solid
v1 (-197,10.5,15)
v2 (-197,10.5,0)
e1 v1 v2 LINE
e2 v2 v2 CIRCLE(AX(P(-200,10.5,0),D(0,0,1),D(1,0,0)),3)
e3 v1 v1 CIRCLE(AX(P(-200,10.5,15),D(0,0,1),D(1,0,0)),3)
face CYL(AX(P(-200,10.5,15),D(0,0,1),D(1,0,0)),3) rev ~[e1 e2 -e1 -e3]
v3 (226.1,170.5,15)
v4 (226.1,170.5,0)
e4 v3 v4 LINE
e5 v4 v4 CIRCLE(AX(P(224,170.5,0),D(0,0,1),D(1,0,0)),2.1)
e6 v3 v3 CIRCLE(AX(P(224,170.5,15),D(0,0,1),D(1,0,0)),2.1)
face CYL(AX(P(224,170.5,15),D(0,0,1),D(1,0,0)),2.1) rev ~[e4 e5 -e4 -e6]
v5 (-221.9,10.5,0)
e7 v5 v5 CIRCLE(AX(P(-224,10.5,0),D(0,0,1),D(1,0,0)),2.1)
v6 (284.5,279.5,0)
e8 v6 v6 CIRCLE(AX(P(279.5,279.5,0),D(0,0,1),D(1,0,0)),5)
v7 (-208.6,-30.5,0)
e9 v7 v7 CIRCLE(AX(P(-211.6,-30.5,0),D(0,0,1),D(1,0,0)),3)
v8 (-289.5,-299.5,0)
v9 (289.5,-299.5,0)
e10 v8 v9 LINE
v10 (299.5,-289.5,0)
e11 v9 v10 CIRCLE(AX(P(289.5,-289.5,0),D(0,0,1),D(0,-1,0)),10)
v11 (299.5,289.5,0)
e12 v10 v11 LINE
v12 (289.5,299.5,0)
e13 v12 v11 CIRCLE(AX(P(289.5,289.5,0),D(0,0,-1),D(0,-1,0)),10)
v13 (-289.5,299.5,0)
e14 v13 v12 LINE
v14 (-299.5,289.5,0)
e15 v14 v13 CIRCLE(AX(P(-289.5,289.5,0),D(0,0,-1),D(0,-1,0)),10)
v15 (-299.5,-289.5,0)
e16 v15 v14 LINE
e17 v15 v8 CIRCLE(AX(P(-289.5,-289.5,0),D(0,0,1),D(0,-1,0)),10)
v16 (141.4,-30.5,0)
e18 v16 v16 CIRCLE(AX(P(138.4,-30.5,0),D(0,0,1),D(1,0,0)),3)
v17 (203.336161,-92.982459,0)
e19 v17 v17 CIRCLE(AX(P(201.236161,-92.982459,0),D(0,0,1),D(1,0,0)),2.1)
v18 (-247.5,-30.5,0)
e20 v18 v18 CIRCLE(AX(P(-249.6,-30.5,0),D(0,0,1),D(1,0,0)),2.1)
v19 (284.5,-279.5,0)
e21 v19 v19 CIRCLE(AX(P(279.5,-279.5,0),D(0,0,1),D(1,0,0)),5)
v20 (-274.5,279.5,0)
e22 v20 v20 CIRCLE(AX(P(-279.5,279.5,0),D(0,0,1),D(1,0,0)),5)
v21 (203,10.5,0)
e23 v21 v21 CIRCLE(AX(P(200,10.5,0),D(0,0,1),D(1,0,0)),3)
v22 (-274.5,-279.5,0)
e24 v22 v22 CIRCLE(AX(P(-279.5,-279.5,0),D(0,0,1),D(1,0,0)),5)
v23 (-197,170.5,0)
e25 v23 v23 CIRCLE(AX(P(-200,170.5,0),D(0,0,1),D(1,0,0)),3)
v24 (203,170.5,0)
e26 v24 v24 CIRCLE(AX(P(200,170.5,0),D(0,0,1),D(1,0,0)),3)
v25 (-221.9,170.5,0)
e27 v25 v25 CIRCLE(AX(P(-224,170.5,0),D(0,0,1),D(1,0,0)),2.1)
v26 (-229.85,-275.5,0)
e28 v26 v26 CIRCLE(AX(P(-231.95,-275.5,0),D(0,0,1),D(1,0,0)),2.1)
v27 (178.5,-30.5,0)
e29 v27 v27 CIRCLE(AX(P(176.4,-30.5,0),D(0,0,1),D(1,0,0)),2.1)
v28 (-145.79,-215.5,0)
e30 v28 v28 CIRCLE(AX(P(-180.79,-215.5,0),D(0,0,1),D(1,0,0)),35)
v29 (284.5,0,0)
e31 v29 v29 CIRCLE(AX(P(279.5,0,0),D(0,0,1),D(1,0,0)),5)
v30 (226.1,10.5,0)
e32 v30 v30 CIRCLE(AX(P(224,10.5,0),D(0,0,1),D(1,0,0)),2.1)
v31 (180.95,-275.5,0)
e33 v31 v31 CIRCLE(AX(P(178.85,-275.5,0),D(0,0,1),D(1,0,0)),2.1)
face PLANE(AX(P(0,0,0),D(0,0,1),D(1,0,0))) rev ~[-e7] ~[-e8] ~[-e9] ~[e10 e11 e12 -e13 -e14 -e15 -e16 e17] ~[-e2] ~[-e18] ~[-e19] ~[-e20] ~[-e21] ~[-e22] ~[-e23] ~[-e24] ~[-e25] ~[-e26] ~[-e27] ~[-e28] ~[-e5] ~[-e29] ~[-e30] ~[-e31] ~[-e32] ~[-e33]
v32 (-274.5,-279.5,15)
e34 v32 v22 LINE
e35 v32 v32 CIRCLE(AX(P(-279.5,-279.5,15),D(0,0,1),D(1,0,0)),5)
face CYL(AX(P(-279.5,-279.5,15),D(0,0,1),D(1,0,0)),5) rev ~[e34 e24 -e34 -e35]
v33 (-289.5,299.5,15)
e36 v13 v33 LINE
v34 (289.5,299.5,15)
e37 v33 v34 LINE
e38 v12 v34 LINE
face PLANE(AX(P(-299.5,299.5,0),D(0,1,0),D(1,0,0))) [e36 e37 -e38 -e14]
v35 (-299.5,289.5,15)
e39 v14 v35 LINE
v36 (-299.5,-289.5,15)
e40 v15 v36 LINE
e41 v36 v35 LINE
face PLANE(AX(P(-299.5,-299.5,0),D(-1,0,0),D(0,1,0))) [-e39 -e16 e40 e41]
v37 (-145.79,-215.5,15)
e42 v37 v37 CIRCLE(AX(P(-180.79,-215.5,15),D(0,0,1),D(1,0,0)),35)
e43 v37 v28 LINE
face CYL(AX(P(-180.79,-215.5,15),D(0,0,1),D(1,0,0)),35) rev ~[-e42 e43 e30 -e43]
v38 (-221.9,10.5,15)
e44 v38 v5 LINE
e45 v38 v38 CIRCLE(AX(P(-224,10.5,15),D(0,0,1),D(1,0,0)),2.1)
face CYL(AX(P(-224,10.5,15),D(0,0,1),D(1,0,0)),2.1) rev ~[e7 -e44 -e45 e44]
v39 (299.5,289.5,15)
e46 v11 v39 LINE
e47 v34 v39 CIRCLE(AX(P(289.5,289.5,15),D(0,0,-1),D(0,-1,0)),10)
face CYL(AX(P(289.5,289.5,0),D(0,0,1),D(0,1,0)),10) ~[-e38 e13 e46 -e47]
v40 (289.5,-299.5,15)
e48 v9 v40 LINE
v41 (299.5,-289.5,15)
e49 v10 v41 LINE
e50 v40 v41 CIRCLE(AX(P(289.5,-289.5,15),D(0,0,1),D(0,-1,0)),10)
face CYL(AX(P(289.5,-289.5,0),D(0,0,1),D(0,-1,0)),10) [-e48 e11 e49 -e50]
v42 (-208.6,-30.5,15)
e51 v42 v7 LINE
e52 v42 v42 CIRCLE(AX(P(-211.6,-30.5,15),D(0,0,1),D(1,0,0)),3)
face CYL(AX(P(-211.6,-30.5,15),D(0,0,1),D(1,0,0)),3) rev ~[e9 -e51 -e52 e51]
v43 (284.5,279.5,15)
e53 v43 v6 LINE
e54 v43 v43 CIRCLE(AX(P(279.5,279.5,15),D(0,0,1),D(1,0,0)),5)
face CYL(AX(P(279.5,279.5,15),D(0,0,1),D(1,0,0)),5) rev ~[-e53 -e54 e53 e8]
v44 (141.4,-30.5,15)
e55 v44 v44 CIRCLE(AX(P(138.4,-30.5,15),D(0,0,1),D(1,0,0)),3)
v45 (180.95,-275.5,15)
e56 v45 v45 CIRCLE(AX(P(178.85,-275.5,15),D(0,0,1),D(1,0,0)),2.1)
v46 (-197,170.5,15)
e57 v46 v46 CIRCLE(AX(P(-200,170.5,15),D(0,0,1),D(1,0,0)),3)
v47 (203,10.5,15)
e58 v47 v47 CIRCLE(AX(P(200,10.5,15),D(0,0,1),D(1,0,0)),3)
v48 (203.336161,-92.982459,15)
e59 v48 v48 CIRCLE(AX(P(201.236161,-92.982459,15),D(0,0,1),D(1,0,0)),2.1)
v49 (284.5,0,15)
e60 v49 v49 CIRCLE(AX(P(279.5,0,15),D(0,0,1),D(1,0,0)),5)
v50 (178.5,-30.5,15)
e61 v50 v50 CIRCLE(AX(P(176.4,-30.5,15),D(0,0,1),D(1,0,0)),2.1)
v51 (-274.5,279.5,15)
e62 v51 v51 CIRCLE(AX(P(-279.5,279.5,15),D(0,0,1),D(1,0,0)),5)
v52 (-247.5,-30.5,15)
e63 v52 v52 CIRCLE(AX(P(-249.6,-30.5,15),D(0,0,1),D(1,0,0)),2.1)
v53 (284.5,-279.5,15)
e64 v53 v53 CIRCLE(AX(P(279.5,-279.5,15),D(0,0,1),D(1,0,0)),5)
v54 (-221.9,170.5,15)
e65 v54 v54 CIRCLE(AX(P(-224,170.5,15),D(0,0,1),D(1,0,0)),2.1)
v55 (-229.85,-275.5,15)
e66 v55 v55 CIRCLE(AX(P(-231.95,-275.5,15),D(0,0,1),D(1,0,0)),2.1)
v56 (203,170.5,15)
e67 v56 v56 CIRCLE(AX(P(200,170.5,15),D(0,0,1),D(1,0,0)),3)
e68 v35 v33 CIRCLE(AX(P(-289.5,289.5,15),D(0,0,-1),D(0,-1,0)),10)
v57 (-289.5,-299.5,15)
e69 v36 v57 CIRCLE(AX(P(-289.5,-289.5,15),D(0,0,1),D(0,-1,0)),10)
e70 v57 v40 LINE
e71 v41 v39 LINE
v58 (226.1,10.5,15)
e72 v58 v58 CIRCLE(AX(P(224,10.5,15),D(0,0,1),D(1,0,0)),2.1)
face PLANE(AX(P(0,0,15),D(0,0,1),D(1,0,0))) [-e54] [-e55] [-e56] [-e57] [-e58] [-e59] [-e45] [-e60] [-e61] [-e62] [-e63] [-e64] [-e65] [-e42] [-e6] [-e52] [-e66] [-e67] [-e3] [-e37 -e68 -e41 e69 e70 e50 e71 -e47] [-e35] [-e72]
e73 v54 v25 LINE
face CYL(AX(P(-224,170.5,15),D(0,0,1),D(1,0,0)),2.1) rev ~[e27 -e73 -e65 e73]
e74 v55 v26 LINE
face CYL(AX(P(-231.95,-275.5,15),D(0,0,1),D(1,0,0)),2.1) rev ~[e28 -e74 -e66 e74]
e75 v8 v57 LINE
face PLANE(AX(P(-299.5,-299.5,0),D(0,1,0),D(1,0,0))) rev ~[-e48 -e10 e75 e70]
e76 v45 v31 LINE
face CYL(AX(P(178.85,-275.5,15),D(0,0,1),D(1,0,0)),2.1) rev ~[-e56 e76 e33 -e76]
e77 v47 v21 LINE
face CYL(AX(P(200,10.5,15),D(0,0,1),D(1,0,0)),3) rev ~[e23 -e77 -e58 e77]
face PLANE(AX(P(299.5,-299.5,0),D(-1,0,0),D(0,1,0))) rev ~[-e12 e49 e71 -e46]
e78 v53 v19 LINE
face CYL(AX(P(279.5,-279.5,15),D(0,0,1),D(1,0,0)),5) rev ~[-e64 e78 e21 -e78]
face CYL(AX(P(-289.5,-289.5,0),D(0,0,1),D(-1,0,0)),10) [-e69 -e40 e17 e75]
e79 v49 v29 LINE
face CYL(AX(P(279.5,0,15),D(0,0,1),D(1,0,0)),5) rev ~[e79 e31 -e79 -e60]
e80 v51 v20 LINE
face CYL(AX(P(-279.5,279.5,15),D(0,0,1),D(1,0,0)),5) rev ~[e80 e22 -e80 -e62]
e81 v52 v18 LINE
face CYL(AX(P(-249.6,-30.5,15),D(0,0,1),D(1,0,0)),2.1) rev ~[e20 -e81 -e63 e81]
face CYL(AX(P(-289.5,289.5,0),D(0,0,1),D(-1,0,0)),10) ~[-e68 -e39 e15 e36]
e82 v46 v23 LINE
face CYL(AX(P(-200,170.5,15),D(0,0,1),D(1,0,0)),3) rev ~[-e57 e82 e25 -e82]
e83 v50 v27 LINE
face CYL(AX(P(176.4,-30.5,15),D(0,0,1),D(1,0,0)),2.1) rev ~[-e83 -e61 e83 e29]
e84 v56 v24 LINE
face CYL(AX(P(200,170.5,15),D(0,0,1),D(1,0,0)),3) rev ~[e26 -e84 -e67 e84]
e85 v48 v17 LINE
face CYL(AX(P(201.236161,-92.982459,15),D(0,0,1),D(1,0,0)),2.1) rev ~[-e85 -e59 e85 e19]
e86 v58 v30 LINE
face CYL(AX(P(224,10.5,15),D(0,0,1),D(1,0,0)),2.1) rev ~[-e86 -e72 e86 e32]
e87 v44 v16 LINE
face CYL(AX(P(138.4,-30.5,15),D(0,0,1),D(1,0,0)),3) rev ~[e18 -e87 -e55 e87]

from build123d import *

# Parameters (mm, degrees)
SKETCH1_W           = 599
SKETCH1_H           = 599
BOSS_EXTRUDE1_DEPTH = 15
SKETCH2_R           = 5
CUT_EXTRUDE1_DEPTH  = 16
FILLET1_R           = 10
SKETCH3_R           = 35
CUT_EXTRUDE2_DEPTH  = 16
SKETCH4_R           = 3
CUT_EXTRUDE3_DEPTH  = 16
SKETCH5_R           = 2.1
CUT_EXTRUDE4_DEPTH  = 16


with BuildPart() as part:
    # Sketch1 → Boss-Extrude1 (new body)
    with BuildSketch(Plane.XY):
        Rectangle(SKETCH1_W, SKETCH1_H)
    extrude(amount=BOSS_EXTRUDE1_DEPTH)

    # Sketch2 → Cut-Extrude1 (cut, through all)
    with BuildSketch(Plane.XY.offset(15)):
        with Locations((-279.5, -279.5)):
            Circle(SKETCH2_R)
        with Locations((279.5, -279.5)):
            Circle(SKETCH2_R)
        with Locations((-279.5, 279.5)):
            Circle(SKETCH2_R)
        with Locations((279.5, 279.5)):
            Circle(SKETCH2_R)
        with Locations((279.5, 0)):
            Circle(SKETCH2_R)
    extrude(amount=-CUT_EXTRUDE1_DEPTH, mode=Mode.SUBTRACT)

    # Fillet1
    fillet1_edges = [part.edges().sort_by_distance(p)[0] for p in [
        (-299.5, -299.5, 7.5),
        (299.5, -299.5, 7.5),
        (-299.5, 299.5, 7.5),
        (299.5, 299.5, 7.5),
    ]]
    fillet(fillet1_edges, radius=FILLET1_R)

    # Sketch3 → Cut-Extrude2 (cut, through all)
    with BuildSketch(Plane.XY.offset(15)):
        with Locations((-180.79, -215.5)):
            Circle(SKETCH3_R)
    extrude(amount=-CUT_EXTRUDE2_DEPTH, mode=Mode.SUBTRACT)

    # Sketch4 → Cut-Extrude3 (cut, through all)
    with BuildSketch(Plane.XY.offset(15)):
        with Locations((-200, 170.5)):
            Circle(SKETCH4_R)
        with Locations((-200, 10.5)):
            Circle(SKETCH4_R)
        with Locations((200, 170.5)):
            Circle(SKETCH4_R)
        with Locations((200, 10.5)):
            Circle(SKETCH4_R)
        with Locations((138.4, -30.5)):
            Circle(SKETCH4_R)
        with Locations((-211.6, -30.5)):
            Circle(SKETCH4_R)
    extrude(amount=-CUT_EXTRUDE3_DEPTH, mode=Mode.SUBTRACT)

    # Sketch5 → Cut-Extrude4 (cut, through all)
    with BuildSketch(Plane.XY.offset(15)):
        with Locations((-224, 170.5)):
            Circle(SKETCH5_R)
        with Locations((224, 170.5)):
            Circle(SKETCH5_R)
        with Locations((224, 10.5)):
            Circle(SKETCH5_R)
        with Locations((201.236161147, -92.982459034)):
            Circle(SKETCH5_R)
        with Locations((178.85, -275.5)):
            Circle(SKETCH5_R)
        with Locations((-231.95, -275.5)):
            Circle(SKETCH5_R)
        with Locations((-249.6, -30.5)):
            Circle(SKETCH5_R)
        with Locations((-224, 10.5)):
            Circle(SKETCH5_R)
        with Locations((176.4, -30.5)):
            Circle(SKETCH5_R)
    extrude(amount=-CUT_EXTRUDE4_DEPTH, mode=Mode.SUBTRACT)


solid = part.part
